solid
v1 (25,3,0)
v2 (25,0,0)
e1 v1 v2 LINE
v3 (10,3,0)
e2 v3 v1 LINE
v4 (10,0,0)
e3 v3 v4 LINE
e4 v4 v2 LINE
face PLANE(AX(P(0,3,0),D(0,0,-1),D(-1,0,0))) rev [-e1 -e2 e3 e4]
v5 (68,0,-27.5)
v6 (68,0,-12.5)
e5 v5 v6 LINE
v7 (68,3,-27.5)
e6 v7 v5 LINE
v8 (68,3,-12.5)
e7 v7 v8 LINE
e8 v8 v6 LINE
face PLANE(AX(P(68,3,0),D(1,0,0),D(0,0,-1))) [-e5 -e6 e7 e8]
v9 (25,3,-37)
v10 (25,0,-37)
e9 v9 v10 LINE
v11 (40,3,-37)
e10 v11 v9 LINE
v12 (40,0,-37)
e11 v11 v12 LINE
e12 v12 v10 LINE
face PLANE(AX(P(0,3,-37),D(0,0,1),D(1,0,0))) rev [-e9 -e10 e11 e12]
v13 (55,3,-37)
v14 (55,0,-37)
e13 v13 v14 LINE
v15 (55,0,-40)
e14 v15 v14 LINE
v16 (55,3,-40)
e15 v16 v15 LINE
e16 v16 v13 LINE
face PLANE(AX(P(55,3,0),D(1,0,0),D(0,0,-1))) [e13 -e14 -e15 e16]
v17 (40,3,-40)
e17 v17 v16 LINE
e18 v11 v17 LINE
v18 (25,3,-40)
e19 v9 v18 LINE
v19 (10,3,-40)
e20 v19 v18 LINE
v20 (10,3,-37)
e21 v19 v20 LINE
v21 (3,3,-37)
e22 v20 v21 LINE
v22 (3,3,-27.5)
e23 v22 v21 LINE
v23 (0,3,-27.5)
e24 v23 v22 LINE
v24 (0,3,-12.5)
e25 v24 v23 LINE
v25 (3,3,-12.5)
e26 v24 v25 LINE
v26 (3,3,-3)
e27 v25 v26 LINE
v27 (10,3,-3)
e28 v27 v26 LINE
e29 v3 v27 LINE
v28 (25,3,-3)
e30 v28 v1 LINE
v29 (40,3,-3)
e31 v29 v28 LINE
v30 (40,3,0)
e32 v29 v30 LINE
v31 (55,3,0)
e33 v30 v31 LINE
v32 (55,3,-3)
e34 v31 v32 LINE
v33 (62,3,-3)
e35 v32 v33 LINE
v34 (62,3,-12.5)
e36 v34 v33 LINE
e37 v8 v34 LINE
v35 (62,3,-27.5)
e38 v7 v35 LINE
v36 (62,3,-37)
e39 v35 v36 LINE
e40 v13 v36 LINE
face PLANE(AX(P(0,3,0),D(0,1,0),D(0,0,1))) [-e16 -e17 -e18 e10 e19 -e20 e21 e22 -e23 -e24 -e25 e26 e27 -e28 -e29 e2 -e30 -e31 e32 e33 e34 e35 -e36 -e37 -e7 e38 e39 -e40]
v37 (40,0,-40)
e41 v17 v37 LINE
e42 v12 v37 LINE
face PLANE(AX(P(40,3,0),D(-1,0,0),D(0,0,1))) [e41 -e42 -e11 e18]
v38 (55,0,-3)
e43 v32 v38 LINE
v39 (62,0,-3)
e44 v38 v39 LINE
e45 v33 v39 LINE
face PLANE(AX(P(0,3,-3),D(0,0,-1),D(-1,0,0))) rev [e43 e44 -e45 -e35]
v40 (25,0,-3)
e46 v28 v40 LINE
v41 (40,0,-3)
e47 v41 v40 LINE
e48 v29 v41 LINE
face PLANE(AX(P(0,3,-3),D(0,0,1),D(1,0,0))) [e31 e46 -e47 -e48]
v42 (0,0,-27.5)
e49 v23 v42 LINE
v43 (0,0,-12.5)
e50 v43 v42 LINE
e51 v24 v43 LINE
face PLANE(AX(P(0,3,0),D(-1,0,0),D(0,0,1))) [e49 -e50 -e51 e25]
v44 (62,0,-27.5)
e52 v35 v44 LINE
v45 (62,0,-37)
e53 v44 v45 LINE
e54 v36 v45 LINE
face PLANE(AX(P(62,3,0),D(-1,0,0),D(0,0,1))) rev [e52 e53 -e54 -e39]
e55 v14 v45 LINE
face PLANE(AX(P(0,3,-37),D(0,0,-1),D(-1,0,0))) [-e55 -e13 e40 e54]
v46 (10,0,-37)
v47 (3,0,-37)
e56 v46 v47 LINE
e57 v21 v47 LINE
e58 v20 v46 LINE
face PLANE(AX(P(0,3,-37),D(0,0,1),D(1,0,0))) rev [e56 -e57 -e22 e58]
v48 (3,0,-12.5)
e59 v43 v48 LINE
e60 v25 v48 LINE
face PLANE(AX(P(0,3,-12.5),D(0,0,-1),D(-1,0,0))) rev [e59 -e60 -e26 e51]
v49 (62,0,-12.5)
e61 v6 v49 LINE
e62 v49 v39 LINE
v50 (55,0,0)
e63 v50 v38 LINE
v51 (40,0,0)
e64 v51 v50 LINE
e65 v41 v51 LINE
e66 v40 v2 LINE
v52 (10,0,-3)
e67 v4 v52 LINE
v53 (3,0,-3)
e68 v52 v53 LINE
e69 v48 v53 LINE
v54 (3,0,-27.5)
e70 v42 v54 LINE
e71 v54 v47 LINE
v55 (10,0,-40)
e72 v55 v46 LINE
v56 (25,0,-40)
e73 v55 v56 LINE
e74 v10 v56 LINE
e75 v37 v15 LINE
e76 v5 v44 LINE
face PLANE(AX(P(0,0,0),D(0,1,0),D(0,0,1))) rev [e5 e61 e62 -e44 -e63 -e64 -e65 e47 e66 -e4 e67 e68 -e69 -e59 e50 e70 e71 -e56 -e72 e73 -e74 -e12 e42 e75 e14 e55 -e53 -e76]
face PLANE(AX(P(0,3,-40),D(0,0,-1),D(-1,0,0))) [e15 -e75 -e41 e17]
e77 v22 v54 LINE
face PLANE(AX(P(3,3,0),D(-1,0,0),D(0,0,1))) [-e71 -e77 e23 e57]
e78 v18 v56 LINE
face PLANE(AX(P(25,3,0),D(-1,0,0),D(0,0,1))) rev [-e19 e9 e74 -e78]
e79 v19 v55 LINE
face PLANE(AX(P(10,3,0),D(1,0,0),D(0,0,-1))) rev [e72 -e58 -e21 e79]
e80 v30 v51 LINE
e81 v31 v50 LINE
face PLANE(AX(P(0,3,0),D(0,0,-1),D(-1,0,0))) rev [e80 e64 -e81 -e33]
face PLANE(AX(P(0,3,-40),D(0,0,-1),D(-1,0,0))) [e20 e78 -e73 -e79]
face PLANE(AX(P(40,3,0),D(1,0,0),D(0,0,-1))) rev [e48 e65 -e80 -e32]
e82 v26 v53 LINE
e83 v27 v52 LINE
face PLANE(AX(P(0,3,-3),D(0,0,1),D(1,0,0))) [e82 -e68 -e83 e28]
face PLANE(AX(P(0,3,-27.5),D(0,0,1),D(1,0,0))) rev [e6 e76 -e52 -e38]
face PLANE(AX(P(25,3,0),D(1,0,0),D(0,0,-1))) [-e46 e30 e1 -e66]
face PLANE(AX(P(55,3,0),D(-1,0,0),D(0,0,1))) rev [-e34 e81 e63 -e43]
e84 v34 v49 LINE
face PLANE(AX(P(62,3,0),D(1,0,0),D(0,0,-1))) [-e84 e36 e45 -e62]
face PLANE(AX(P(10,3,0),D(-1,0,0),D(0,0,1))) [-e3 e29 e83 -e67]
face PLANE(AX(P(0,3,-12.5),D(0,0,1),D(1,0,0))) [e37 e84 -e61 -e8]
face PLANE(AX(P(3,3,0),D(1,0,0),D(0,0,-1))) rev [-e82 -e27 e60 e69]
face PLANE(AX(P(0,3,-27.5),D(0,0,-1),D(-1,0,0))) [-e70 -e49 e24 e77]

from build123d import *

# Parameters (mm, degrees)
SALIENTE_EXTRUIR1_DEPTH = 3


with BuildPart() as part:
    # Croquis1 → Saliente-Extruir1 (new body)
    with BuildSketch(Plane(origin=(0, 0, 0), x_dir=(1, 0, 0), z_dir=(0, 1, 0))):
        Polygon((55, 0), (55, 3), (62, 3), (62, 12.5), (68, 12.5), (68, 27.5), (62, 27.5), (62, 37), (55, 37), (55, 40), (40, 40), (40, 37), (25, 37), (25, 40), (10, 40), (10, 37), (3, 37), (3, 27.5), (0, 27.5), (0, 12.5), (3, 12.5), (3, 3), (10, 3), (10, 0), (25, 0), (25, 3), (40, 3), (40, 0), align=None)
    extrude(amount=SALIENTE_EXTRUIR1_DEPTH)


solid = part.part
